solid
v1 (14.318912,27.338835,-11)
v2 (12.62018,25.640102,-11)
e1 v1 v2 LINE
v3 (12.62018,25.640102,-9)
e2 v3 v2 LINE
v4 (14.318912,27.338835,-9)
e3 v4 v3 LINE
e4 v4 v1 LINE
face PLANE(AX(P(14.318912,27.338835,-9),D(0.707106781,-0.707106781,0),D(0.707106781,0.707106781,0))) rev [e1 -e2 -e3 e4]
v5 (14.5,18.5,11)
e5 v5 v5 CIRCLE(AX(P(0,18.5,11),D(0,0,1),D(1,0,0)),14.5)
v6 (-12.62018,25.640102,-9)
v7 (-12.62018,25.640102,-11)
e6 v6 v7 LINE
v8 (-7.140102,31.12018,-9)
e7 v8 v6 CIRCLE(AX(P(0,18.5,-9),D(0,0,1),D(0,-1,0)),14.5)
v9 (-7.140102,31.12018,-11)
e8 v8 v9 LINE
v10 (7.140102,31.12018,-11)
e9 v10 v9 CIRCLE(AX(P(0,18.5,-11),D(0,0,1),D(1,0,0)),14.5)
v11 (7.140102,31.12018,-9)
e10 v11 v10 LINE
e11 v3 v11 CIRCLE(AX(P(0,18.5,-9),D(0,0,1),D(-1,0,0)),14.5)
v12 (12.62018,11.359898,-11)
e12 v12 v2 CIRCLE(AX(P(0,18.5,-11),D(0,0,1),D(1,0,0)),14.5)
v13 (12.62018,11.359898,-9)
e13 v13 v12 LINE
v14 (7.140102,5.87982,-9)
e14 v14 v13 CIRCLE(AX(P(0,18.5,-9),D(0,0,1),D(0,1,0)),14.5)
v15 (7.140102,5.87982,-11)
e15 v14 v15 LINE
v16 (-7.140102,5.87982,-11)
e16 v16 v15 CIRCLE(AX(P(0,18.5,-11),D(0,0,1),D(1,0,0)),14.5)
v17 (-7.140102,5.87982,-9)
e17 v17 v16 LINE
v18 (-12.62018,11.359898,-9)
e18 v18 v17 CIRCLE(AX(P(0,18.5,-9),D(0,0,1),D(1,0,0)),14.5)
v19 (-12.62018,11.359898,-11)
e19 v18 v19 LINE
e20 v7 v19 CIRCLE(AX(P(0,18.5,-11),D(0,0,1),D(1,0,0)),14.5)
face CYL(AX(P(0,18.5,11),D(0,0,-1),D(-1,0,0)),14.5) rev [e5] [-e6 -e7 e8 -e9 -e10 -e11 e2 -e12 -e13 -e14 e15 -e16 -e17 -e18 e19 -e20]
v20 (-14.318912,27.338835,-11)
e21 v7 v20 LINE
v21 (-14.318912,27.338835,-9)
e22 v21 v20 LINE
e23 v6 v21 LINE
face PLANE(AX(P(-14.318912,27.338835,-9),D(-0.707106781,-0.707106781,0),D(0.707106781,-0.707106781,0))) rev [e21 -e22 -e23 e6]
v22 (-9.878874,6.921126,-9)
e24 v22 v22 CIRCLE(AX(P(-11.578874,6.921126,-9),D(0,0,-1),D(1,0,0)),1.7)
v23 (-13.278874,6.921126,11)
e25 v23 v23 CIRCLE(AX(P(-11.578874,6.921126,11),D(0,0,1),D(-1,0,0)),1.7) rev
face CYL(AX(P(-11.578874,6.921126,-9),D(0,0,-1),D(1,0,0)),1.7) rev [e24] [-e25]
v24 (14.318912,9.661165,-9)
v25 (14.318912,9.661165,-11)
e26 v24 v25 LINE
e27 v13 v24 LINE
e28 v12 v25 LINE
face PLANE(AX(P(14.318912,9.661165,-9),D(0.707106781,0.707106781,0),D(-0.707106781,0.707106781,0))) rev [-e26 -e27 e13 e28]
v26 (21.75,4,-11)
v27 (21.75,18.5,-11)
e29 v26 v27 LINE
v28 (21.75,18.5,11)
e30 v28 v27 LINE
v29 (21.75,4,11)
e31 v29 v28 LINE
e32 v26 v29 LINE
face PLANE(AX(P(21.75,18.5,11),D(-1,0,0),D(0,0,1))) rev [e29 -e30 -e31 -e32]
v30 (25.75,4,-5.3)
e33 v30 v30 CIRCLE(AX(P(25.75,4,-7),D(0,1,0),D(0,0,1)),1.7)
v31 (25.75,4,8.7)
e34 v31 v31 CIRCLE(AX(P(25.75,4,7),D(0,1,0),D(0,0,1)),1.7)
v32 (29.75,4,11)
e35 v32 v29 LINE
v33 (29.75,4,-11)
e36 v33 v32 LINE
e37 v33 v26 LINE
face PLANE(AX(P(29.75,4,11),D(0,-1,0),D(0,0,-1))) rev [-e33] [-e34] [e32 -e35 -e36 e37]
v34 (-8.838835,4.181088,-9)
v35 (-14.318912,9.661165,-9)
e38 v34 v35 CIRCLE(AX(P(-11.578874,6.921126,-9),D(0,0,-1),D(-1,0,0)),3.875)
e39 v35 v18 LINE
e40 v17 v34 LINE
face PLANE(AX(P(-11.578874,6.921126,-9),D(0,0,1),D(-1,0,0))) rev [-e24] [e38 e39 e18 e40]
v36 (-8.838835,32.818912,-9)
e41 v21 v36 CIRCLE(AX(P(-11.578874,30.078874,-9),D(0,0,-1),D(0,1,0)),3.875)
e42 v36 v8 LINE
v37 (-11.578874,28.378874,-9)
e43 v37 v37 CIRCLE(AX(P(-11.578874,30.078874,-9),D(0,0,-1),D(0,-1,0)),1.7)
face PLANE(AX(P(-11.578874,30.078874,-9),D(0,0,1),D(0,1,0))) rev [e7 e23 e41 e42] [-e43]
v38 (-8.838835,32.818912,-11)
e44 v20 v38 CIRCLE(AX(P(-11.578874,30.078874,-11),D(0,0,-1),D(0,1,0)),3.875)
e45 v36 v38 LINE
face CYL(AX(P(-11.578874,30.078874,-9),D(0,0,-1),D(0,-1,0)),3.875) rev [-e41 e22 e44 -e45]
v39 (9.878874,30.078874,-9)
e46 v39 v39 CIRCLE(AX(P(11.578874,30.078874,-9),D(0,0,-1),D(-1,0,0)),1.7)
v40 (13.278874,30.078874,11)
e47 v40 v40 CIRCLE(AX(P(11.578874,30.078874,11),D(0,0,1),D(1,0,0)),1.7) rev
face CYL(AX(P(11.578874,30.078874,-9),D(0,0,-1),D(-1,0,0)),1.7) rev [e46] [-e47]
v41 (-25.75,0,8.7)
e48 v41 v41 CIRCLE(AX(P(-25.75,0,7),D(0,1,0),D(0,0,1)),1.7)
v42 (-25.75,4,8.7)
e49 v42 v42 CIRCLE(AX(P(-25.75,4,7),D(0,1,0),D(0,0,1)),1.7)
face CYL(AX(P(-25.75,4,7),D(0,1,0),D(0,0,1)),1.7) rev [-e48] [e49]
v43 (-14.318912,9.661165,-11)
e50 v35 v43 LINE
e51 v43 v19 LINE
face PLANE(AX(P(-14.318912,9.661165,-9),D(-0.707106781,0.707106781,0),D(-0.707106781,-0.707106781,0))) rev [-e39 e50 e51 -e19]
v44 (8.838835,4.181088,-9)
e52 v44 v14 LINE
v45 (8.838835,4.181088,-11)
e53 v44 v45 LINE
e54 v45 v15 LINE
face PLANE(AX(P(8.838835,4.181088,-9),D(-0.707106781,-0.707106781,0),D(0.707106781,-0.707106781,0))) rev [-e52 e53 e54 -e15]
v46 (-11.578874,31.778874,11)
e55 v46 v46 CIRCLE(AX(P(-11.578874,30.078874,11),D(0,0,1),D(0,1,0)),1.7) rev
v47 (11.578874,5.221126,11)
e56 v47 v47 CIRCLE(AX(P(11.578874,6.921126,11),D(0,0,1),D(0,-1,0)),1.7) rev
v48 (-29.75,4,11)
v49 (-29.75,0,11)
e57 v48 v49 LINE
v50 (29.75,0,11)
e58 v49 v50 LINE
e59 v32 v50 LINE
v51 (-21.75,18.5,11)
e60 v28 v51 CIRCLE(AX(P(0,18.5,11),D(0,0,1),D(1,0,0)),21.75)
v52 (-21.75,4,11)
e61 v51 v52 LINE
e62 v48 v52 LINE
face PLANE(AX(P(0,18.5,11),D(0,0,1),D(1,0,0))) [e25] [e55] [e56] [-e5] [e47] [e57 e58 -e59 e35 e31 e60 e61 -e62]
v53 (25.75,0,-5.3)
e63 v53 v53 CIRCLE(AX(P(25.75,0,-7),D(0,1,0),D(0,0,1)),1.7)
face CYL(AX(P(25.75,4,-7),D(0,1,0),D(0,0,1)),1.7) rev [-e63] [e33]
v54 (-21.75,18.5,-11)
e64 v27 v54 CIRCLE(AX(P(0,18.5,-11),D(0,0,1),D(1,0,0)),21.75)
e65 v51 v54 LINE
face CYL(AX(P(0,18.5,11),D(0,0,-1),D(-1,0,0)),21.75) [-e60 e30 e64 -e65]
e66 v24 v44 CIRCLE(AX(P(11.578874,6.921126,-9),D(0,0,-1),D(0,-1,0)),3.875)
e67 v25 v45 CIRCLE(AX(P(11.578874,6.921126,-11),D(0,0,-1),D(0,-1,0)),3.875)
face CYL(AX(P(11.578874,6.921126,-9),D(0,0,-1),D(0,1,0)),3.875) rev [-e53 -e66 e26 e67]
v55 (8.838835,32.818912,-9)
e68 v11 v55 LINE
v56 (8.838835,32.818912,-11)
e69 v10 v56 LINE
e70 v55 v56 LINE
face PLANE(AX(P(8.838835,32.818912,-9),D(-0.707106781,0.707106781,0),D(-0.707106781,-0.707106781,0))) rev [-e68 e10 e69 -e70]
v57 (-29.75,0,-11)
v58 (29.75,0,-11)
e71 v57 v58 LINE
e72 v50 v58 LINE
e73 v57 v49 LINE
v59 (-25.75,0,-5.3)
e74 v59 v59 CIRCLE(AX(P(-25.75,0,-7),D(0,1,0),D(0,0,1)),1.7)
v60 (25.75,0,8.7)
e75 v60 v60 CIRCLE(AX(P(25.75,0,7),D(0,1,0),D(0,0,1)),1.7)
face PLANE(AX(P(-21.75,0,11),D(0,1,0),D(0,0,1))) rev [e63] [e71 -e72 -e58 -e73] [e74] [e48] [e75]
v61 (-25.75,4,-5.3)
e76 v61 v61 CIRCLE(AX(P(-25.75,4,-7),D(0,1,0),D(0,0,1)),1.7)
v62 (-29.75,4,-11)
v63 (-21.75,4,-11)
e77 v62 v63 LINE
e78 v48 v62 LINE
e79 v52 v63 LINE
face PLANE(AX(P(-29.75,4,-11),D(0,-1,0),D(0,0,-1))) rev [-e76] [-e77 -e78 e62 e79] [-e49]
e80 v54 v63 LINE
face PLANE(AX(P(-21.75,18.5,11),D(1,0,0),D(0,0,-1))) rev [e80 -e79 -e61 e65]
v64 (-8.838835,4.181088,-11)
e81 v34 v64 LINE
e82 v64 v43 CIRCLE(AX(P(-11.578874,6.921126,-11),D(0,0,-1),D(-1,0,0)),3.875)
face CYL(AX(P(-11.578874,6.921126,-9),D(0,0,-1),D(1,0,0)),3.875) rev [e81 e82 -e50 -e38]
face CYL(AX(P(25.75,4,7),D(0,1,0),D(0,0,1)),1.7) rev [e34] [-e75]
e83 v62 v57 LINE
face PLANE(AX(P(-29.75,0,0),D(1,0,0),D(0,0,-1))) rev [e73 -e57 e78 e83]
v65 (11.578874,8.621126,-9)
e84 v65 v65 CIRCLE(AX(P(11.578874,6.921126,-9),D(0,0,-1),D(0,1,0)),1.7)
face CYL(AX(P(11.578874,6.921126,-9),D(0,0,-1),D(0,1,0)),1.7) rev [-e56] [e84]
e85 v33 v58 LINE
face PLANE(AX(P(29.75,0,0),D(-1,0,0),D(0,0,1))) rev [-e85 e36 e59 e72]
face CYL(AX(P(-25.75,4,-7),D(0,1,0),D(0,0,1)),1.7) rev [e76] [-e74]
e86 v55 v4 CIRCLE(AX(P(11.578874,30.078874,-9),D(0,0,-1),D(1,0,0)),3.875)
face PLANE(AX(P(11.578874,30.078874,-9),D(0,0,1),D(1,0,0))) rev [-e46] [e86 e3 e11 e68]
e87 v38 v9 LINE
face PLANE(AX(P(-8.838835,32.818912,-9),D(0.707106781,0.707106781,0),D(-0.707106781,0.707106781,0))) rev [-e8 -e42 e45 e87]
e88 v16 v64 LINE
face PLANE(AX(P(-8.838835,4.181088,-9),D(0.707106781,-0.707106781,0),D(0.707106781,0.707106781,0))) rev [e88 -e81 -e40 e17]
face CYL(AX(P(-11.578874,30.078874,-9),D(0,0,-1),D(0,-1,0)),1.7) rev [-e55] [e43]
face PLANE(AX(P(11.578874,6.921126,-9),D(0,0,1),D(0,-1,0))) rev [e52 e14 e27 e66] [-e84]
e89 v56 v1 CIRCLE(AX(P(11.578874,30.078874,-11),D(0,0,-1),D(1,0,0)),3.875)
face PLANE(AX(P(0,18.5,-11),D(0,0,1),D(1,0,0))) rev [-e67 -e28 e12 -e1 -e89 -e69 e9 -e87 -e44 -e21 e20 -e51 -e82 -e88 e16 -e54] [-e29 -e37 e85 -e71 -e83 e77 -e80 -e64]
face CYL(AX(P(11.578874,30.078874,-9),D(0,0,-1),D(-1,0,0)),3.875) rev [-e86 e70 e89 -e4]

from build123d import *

# Parameters (mm, degrees)
SKETCH2_R                       = 14.5
BOSS_EXTRUDE1_DEPTH             = 11
SKETCH4_W                       = 8
SKETCH4_H                       = 4
BOSS_EXTRUDE2_DEPTH             = 8
M3_CLEARANCE_HOLE1_D            = 3.4
MIRROR2_COPY_1_SKETCH_W         = 8
MIRROR2_COPY_1_SKETCH_H         = 4
MIRROR2_COPY_1_DEPTH            = 8
MIRROR2_COPY_2_D                = 3.4
CUT_EXTRUDE1_DEPTH              = 2
M3_CLEARANCE_HOLE2_D            = 3.4
CIRPATTERN1_COUNT               = 4
BOSS_EXTRUDE3_REACH             = 53.246
SKETCH11_W                      = 6
SKETCH11_H                      = 4
BOSS_EXTRUDE3_DIRECTION_2_REACH = 53.246


with BuildPart() as part:
    # Sketch2 → Boss-Extrude1 (new, symmetric)
    with BuildSketch(Plane.XY):
        with BuildLine():
            Line((-21.75, 0), (21.75, 0))
            Line((21.75, 0), (21.75, 18.5))
            ThreePointArc((21.75, 18.5), (0, 40.25), (-21.75, 18.5))
            Line((-21.75, 18.5), (-21.75, 0))
        make_face()
        with Locations((0, 18.5)):
            Circle(SKETCH2_R, mode=Mode.SUBTRACT)
    extrude(amount=BOSS_EXTRUDE1_DEPTH, both=True)

    # Sketch4 → Boss-Extrude2 (add)
    with BuildSketch(Plane.ZY.offset(21.75)):
        with Locations((-7, 2)):
            Rectangle(SKETCH4_W, SKETCH4_H)
    boss_extrude2 = extrude(amount=BOSS_EXTRUDE2_DEPTH)

    # M3 Clearance Hole1 (through all)
    with Locations(Plane(origin=(0, 4, 0), x_dir=(1, 0, 0), z_dir=(0, 1, 0))):
        with Locations((-25.75, 7)):
            m3_clearance_hole1 = Hole(M3_CLEARANCE_HOLE1_D / 2)

    # Mirror1: Boss-Extrude2, M3 Clearance Hole1 across plane
    add(boss_extrude2.mirror(Plane.XY))
    add(m3_clearance_hole1.mirror(Plane.XY), mode=Mode.SUBTRACT)

    # Mirror2: Boss-Extrude2, M3 Clearance Hole1 across plane
    add(boss_extrude2.mirror(Plane(origin=(0, 0, 0), x_dir=(0, 0, 1), z_dir=(1, 0, 0))))
    add(m3_clearance_hole1.mirror(Plane(origin=(0, 0, 0), x_dir=(0, 0, 1), z_dir=(1, 0, 0))), mode=Mode.SUBTRACT)

    # Mirror2 copy 1 sketch → Mirror2 copy 1 (add)
    with BuildSketch(Plane(origin=(21.75, 0, 0), x_dir=(0, 0, -1), z_dir=(1, 0, 0))):
        with Locations((-7, 2)):
            Rectangle(MIRROR2_COPY_1_SKETCH_W, MIRROR2_COPY_1_SKETCH_H)
    extrude(amount=MIRROR2_COPY_1_DEPTH)

    # Mirror2 copy 2 (through all)
    with Locations(Plane(origin=(0, 4, 0), x_dir=(-1, 0, 0), z_dir=(0, 1, 0))):
        with Locations((-25.75, 7)):
            Hole(MIRROR2_COPY_2_D / 2)

    # Sketch8 → Cut-Extrude1 (cut)
    with BuildSketch(Plane(origin=(0, 0, -11), x_dir=(-1, 0, 0), z_dir=(0, 0, -1))):
        with BuildLine():
            Line((-14.318912319, 27.338834765), (-12.620179844, 25.64010229))
            ThreePointArc((-12.620179844, 25.64010229), (-10.253048327, 28.753048327), (-7.14010229, 31.120179844))
            Line((-7.14010229, 31.120179844), (-8.838834765, 32.818912319))
            ThreePointArc((-8.838834765, 32.818912319), (-14.318912319, 32.818912319), (-14.318912319, 27.338834765))
        make_face()
    cut_extrude1 = extrude(amount=-CUT_EXTRUDE1_DEPTH, mode=Mode.SUBTRACT)

    # M3 Clearance Hole2 (through all)
    with Locations(Plane(origin=(0, 0, -9), x_dir=(-1, 0, 0), z_dir=(0, 0, -1))):
        with Locations((-11.578873542, 30.078873542)):
            m3_clearance_hole2 = Hole(M3_CLEARANCE_HOLE2_D / 2)

    # CirPattern1: Cut-Extrude1, M3 Clearance Hole2 ×4 about axis
    cirpattern1_axis = Axis((0, 18.5, 0), (0, 0, 1))
    add([cut_extrude1.rotate(cirpattern1_axis, i * 360 / CIRPATTERN1_COUNT) for i in range(1, CIRPATTERN1_COUNT)], mode=Mode.SUBTRACT)
    add([m3_clearance_hole2.rotate(cirpattern1_axis, i * 360 / CIRPATTERN1_COUNT) for i in range(1, CIRPATTERN1_COUNT)], mode=Mode.SUBTRACT)

    # Boss-Extrude3: up to this face of the body (flat: up to its plane)
    boss_extrude3_end = Plane(part.part.faces().sort_by_distance((29.75, 2, 7))[0])
    # Sketch11 → Boss-Extrude3 (add, up to the picked face)
    with BuildSketch(Plane(origin=(0, 0, 0), x_dir=(0, 0, -1), z_dir=(1, 0, 0)), mode=Mode.PRIVATE) as boss_extrude3_sk1:
        with Locations((0, 2)):
            Rectangle(SKETCH11_W, SKETCH11_H)
    boss_extrude3_tool1 = split(extrude(boss_extrude3_sk1.sketch, amount=BOSS_EXTRUDE3_REACH, mode=Mode.PRIVATE), bisect_by=boss_extrude3_end, keep=Keep.BOTH, mode=Mode.PRIVATE)
    add(boss_extrude3_tool1.solids().sort_by(Axis((0, 2, 0), (1, 0, 0)))[0])

    # Boss-Extrude3 direction 2: up to this face of the body (flat: up to its plane)
    boss_extrude3_direction_2_end = Plane(part.part.faces().sort_by_distance((-29.75, 2, 7))[0])
    # Sketch11 → Boss-Extrude3 direction 2 (add, up to the picked face)
    with BuildSketch(Plane(origin=(0, 0, 0), x_dir=(0, 0, -1), z_dir=(1, 0, 0)), mode=Mode.PRIVATE) as boss_extrude3_direction_2_sk1:
        with Locations((0, 2)):
            Rectangle(SKETCH11_W, SKETCH11_H)
    boss_extrude3_direction_2_tool1 = split(extrude(boss_extrude3_direction_2_sk1.sketch, amount=-BOSS_EXTRUDE3_DIRECTION_2_REACH, mode=Mode.PRIVATE), bisect_by=boss_extrude3_direction_2_end, keep=Keep.BOTH, mode=Mode.PRIVATE)
    add(boss_extrude3_direction_2_tool1.solids().sort_by(Axis((0, 2, 0), (-1, 0, 0)))[0])


solid = part.part
